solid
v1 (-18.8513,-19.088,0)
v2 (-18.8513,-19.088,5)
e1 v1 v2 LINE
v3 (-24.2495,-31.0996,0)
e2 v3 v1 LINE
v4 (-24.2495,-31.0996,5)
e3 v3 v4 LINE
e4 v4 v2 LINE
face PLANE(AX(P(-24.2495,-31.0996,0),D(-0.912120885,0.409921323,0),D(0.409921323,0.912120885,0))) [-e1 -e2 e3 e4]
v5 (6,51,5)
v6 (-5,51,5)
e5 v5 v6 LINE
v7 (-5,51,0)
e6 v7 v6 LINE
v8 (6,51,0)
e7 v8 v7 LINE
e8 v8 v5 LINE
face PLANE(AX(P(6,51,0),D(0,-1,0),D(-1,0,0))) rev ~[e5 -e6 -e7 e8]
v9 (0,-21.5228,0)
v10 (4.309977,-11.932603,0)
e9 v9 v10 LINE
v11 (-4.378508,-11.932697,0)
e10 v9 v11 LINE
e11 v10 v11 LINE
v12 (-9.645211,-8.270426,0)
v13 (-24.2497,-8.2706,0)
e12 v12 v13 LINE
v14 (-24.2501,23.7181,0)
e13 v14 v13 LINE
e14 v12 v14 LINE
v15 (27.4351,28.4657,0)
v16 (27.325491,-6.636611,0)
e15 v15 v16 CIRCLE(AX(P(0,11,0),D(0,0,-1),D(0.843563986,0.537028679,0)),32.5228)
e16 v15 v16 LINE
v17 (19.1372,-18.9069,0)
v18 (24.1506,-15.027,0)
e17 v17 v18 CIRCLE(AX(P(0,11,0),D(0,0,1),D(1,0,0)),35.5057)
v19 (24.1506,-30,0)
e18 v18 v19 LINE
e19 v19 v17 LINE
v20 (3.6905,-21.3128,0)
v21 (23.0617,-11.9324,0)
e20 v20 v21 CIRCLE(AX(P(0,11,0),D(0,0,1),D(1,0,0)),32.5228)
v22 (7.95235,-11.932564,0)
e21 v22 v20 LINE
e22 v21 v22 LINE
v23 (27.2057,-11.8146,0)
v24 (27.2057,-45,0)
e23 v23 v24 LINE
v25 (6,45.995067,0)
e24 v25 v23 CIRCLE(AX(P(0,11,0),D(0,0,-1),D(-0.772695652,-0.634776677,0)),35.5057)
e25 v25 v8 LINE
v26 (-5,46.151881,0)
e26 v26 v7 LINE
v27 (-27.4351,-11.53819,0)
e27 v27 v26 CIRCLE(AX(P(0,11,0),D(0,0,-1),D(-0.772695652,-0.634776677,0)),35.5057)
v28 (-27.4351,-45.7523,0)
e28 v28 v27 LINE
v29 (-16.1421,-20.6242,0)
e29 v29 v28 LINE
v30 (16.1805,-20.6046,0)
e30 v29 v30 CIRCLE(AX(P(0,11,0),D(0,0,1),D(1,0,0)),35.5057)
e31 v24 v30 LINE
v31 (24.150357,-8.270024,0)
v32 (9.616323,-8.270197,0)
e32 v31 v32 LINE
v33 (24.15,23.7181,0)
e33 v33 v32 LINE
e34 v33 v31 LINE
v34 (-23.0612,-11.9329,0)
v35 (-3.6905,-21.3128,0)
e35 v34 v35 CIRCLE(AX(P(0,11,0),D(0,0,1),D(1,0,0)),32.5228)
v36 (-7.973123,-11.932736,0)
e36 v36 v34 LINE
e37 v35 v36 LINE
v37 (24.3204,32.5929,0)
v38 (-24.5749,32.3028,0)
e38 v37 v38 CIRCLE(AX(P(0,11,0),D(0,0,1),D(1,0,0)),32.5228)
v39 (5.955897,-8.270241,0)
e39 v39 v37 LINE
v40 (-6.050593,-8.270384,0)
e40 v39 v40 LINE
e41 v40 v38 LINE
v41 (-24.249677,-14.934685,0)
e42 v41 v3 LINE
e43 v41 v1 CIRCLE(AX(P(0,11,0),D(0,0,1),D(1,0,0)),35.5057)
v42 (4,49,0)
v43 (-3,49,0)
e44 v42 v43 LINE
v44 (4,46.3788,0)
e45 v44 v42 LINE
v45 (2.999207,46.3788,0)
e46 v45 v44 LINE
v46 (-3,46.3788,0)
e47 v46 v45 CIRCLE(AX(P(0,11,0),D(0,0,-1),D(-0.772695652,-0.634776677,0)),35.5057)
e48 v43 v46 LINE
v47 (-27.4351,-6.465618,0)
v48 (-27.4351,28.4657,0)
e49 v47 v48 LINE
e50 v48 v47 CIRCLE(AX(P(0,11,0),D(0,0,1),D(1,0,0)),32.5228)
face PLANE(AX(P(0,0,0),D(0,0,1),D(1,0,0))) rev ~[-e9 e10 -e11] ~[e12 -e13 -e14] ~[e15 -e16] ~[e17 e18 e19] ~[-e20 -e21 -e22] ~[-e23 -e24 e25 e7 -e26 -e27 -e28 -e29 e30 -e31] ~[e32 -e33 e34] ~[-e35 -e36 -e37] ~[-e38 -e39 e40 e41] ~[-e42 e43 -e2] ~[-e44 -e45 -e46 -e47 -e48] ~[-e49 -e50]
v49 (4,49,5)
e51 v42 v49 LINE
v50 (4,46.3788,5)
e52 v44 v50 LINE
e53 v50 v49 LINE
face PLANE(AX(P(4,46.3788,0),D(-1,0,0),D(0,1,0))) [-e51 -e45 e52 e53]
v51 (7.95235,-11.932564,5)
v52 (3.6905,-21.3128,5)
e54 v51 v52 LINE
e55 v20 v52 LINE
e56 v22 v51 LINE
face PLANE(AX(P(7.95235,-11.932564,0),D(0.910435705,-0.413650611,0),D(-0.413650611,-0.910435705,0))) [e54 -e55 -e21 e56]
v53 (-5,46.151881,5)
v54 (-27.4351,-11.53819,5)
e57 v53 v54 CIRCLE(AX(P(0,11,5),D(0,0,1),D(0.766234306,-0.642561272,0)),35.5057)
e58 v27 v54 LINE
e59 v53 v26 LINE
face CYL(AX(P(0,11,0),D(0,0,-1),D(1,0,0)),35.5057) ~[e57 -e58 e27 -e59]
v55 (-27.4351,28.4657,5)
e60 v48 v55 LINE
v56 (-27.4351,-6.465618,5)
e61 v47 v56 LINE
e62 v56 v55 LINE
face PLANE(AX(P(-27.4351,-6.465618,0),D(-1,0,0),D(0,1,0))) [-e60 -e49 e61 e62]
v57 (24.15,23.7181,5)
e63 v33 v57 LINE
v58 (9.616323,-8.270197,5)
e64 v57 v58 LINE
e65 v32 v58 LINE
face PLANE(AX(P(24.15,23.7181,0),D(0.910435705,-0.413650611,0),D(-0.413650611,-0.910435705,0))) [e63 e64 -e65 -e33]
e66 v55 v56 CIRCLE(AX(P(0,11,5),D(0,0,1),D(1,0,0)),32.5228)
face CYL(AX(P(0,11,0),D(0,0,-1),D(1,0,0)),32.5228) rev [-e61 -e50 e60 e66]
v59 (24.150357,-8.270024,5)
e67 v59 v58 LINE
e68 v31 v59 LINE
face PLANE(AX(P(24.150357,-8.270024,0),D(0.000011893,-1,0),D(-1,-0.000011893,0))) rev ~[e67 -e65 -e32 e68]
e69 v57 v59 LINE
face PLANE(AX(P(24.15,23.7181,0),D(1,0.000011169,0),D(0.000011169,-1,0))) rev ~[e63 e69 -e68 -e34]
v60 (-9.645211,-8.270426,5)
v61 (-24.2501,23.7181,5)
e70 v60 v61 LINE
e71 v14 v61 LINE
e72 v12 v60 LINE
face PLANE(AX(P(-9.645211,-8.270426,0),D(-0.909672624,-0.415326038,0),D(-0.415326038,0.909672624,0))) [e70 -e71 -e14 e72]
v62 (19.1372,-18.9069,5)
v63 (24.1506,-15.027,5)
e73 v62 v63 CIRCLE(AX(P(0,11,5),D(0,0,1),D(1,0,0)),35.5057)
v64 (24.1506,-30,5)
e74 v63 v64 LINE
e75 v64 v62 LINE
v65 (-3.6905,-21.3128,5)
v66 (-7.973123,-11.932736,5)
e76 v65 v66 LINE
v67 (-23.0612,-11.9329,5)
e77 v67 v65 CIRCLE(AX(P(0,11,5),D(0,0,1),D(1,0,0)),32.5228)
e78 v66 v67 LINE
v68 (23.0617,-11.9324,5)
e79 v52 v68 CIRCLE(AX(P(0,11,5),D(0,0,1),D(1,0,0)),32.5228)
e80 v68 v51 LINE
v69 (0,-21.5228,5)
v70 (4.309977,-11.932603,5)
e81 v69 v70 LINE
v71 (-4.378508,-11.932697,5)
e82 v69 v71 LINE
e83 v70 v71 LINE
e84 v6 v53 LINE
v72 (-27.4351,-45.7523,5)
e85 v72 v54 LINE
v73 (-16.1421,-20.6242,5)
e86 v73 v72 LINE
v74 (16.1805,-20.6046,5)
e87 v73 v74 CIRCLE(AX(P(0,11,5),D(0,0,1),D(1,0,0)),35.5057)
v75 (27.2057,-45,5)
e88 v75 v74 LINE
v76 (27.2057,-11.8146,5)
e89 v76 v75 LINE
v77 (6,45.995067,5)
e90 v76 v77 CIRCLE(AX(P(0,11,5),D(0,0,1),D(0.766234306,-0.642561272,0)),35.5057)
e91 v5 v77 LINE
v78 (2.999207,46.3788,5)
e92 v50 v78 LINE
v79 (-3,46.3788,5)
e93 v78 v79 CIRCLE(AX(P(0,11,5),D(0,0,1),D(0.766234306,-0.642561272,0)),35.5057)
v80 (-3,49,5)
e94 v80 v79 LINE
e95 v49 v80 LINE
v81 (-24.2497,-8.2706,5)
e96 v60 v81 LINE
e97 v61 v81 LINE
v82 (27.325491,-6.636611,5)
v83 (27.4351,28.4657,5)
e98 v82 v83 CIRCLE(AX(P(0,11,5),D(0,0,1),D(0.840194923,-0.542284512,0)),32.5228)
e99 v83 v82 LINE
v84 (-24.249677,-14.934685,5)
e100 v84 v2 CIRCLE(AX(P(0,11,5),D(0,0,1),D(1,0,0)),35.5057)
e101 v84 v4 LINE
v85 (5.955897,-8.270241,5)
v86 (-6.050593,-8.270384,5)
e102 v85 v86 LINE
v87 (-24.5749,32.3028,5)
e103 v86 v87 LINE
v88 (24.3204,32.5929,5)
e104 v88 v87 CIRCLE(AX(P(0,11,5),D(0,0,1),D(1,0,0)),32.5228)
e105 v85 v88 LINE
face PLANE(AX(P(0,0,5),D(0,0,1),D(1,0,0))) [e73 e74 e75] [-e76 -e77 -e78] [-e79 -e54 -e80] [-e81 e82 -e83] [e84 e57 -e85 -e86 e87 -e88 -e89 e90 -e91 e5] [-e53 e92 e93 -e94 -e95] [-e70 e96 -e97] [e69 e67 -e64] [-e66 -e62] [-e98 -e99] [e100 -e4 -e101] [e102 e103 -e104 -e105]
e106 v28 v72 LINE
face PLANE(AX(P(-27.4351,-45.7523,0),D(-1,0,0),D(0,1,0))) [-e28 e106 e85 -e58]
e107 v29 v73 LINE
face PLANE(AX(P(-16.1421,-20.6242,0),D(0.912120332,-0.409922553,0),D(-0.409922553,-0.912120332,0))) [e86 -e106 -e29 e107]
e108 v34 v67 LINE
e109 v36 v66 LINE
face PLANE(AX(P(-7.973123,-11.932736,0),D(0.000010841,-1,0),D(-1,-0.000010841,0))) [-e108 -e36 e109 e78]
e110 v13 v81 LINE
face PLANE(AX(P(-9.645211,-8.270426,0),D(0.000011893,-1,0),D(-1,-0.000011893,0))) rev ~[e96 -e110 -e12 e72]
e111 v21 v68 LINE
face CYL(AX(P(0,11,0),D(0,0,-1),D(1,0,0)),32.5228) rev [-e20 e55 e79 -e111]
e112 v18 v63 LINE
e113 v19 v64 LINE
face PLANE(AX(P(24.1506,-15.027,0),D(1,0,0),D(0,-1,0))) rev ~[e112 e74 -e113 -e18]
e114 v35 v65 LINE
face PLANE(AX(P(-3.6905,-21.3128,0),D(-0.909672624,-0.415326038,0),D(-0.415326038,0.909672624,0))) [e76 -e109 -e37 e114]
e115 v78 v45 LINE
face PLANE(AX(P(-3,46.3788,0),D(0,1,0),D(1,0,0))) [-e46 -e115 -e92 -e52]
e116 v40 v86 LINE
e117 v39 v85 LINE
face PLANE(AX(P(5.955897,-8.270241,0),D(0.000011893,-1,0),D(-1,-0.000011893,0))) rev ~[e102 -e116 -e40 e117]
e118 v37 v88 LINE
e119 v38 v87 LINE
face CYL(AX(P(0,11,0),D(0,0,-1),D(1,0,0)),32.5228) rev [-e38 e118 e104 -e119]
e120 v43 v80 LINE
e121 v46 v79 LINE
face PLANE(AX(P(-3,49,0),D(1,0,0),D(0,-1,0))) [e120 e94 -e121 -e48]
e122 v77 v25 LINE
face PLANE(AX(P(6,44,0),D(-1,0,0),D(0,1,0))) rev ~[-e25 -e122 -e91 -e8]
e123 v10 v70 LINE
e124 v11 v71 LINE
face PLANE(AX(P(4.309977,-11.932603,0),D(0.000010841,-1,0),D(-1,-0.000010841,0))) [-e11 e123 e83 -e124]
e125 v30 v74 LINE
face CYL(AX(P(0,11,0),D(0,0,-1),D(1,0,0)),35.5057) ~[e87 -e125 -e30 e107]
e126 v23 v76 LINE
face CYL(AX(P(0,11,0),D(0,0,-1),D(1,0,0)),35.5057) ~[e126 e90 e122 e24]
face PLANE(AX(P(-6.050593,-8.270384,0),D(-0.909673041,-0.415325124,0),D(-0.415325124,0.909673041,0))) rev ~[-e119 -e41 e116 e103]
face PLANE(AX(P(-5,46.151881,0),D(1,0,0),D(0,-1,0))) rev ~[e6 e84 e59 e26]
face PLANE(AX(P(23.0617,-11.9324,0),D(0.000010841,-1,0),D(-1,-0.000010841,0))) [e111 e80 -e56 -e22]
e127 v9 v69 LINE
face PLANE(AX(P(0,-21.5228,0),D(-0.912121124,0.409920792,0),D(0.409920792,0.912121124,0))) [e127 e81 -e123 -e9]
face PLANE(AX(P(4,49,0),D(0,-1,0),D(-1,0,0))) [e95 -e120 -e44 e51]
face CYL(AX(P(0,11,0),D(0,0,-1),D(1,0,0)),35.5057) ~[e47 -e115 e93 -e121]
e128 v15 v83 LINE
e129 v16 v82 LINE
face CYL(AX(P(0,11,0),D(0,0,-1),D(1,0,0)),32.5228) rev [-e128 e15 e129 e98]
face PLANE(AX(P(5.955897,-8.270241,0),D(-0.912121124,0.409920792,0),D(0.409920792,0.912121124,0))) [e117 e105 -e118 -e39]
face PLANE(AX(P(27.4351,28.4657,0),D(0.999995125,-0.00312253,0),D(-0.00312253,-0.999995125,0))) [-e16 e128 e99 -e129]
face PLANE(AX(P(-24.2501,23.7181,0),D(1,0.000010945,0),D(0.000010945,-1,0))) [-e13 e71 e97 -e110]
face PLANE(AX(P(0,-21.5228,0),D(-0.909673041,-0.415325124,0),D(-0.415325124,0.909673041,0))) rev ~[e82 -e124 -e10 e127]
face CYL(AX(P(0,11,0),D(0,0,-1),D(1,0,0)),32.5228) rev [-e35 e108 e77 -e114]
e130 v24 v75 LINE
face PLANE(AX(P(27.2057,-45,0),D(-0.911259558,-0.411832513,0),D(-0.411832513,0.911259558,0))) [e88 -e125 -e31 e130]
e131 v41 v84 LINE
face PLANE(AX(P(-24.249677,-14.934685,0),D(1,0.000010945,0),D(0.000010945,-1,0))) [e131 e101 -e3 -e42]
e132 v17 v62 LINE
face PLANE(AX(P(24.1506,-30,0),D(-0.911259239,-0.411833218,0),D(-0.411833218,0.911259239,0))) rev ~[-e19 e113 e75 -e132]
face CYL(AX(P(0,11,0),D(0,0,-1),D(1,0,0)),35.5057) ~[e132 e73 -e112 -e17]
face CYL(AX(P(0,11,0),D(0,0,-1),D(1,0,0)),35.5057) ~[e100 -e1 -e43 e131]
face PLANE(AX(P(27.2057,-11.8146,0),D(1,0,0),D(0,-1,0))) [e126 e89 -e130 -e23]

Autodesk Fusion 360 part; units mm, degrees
sketch "Sketch1" plane through (0, 0, 0) normal (0, 0, 1) x (1, 0, 0)
  circle A0 centre (0, 11) radius 32.5228
  circle A1 centre (0, 11) radius 35.5057
  line L0 (27.2057, -11.8146) -> (27.2057, -45)
  line L1 (27.2057, -45) -> (16.1805, -20.6046)
  line L2 (24.1506, -15.027) -> (24.1506, -30)
  line L3 (24.1506, -30) -> (19.1372, -18.9069)
  line L4 (-16.1421, -20.6242) -> (-27.4351, -45.7523)
  line L5 (-27.4351, -45.7523) -> (-27.4351, 28.4657)
  line L6 (27.4351, 28.4657) -> (27.2057, -45)
  line L7 (24.15, 23.7181) -> (24.1506, -30)
  line L8 (24.15, 23.7181) -> (3.6905, -21.3128)
  line L9 (-3.6905, -21.3128) -> (-24.2501, 23.7181)
  line L10 (-24.2501, 23.7181) -> (-24.2495, -31.0996)
  line L11 (-24.2495, -31.0996) -> (-18.8513, -19.088)
  line L12 (0, -21.5228) -> (24.3204, 32.5929)
  line L13 (0, -21.5228) -> (-24.5749, 32.3028)
  line L14 (23.0617, -11.9324) -> (-23.0612, -11.9329)
  line L15 (26.1993, -8.27) -> (-24.2497, -8.2706)
  line L16 (-5, 44) -> (6, 44)
  line L17 (6, 44) -> (6, 51)
  line L18 (6, 51) -> (-5, 51)
  line L19 (-5, 51) -> (-5, 44)
  line L20 (4, 49) -> (-3, 49)
  line L21 (-3, 49) -> (-3, 46.3788)
  line L22 (-3, 46.3788) -> (4, 46.3788)
  line L23 (4, 46.3788) -> (4, 49)
  dimension "d3" = 7
extrude "Extrude1" add sketch "Sketch1" along normal blind 5 contours A0 A1 L5 L6 L16 L17 L19 | A0 L6 L7 L8 L12 L15 | A0 A1 L6 L7 | A0 L7 L15 | A0 L5 L9 L10 L13 L15 | L8 L12 L14 L15 | L12 L13 L14 L15 | A0 A1 L7 L10 | A0 L7 L8 L14 L15 | A1 L0 L1 L2 L3 L7 | L9 L13 L14 L15 | A0 L8 L12 L14 | A1 L16 L17 L19 L22 | A0 A1 L5 L10 | A0 L9 L13 L14 | A0 L9 L10 L14 L15 | A1 L22 | A1 L4 L5 L10 L11
extrude "Extrude2" add sketch "Sketch1" along normal blind 5 contours A1 L16 L17 L19 L22 | A1 L17 L18 L19 L20 L21 L22 L23
